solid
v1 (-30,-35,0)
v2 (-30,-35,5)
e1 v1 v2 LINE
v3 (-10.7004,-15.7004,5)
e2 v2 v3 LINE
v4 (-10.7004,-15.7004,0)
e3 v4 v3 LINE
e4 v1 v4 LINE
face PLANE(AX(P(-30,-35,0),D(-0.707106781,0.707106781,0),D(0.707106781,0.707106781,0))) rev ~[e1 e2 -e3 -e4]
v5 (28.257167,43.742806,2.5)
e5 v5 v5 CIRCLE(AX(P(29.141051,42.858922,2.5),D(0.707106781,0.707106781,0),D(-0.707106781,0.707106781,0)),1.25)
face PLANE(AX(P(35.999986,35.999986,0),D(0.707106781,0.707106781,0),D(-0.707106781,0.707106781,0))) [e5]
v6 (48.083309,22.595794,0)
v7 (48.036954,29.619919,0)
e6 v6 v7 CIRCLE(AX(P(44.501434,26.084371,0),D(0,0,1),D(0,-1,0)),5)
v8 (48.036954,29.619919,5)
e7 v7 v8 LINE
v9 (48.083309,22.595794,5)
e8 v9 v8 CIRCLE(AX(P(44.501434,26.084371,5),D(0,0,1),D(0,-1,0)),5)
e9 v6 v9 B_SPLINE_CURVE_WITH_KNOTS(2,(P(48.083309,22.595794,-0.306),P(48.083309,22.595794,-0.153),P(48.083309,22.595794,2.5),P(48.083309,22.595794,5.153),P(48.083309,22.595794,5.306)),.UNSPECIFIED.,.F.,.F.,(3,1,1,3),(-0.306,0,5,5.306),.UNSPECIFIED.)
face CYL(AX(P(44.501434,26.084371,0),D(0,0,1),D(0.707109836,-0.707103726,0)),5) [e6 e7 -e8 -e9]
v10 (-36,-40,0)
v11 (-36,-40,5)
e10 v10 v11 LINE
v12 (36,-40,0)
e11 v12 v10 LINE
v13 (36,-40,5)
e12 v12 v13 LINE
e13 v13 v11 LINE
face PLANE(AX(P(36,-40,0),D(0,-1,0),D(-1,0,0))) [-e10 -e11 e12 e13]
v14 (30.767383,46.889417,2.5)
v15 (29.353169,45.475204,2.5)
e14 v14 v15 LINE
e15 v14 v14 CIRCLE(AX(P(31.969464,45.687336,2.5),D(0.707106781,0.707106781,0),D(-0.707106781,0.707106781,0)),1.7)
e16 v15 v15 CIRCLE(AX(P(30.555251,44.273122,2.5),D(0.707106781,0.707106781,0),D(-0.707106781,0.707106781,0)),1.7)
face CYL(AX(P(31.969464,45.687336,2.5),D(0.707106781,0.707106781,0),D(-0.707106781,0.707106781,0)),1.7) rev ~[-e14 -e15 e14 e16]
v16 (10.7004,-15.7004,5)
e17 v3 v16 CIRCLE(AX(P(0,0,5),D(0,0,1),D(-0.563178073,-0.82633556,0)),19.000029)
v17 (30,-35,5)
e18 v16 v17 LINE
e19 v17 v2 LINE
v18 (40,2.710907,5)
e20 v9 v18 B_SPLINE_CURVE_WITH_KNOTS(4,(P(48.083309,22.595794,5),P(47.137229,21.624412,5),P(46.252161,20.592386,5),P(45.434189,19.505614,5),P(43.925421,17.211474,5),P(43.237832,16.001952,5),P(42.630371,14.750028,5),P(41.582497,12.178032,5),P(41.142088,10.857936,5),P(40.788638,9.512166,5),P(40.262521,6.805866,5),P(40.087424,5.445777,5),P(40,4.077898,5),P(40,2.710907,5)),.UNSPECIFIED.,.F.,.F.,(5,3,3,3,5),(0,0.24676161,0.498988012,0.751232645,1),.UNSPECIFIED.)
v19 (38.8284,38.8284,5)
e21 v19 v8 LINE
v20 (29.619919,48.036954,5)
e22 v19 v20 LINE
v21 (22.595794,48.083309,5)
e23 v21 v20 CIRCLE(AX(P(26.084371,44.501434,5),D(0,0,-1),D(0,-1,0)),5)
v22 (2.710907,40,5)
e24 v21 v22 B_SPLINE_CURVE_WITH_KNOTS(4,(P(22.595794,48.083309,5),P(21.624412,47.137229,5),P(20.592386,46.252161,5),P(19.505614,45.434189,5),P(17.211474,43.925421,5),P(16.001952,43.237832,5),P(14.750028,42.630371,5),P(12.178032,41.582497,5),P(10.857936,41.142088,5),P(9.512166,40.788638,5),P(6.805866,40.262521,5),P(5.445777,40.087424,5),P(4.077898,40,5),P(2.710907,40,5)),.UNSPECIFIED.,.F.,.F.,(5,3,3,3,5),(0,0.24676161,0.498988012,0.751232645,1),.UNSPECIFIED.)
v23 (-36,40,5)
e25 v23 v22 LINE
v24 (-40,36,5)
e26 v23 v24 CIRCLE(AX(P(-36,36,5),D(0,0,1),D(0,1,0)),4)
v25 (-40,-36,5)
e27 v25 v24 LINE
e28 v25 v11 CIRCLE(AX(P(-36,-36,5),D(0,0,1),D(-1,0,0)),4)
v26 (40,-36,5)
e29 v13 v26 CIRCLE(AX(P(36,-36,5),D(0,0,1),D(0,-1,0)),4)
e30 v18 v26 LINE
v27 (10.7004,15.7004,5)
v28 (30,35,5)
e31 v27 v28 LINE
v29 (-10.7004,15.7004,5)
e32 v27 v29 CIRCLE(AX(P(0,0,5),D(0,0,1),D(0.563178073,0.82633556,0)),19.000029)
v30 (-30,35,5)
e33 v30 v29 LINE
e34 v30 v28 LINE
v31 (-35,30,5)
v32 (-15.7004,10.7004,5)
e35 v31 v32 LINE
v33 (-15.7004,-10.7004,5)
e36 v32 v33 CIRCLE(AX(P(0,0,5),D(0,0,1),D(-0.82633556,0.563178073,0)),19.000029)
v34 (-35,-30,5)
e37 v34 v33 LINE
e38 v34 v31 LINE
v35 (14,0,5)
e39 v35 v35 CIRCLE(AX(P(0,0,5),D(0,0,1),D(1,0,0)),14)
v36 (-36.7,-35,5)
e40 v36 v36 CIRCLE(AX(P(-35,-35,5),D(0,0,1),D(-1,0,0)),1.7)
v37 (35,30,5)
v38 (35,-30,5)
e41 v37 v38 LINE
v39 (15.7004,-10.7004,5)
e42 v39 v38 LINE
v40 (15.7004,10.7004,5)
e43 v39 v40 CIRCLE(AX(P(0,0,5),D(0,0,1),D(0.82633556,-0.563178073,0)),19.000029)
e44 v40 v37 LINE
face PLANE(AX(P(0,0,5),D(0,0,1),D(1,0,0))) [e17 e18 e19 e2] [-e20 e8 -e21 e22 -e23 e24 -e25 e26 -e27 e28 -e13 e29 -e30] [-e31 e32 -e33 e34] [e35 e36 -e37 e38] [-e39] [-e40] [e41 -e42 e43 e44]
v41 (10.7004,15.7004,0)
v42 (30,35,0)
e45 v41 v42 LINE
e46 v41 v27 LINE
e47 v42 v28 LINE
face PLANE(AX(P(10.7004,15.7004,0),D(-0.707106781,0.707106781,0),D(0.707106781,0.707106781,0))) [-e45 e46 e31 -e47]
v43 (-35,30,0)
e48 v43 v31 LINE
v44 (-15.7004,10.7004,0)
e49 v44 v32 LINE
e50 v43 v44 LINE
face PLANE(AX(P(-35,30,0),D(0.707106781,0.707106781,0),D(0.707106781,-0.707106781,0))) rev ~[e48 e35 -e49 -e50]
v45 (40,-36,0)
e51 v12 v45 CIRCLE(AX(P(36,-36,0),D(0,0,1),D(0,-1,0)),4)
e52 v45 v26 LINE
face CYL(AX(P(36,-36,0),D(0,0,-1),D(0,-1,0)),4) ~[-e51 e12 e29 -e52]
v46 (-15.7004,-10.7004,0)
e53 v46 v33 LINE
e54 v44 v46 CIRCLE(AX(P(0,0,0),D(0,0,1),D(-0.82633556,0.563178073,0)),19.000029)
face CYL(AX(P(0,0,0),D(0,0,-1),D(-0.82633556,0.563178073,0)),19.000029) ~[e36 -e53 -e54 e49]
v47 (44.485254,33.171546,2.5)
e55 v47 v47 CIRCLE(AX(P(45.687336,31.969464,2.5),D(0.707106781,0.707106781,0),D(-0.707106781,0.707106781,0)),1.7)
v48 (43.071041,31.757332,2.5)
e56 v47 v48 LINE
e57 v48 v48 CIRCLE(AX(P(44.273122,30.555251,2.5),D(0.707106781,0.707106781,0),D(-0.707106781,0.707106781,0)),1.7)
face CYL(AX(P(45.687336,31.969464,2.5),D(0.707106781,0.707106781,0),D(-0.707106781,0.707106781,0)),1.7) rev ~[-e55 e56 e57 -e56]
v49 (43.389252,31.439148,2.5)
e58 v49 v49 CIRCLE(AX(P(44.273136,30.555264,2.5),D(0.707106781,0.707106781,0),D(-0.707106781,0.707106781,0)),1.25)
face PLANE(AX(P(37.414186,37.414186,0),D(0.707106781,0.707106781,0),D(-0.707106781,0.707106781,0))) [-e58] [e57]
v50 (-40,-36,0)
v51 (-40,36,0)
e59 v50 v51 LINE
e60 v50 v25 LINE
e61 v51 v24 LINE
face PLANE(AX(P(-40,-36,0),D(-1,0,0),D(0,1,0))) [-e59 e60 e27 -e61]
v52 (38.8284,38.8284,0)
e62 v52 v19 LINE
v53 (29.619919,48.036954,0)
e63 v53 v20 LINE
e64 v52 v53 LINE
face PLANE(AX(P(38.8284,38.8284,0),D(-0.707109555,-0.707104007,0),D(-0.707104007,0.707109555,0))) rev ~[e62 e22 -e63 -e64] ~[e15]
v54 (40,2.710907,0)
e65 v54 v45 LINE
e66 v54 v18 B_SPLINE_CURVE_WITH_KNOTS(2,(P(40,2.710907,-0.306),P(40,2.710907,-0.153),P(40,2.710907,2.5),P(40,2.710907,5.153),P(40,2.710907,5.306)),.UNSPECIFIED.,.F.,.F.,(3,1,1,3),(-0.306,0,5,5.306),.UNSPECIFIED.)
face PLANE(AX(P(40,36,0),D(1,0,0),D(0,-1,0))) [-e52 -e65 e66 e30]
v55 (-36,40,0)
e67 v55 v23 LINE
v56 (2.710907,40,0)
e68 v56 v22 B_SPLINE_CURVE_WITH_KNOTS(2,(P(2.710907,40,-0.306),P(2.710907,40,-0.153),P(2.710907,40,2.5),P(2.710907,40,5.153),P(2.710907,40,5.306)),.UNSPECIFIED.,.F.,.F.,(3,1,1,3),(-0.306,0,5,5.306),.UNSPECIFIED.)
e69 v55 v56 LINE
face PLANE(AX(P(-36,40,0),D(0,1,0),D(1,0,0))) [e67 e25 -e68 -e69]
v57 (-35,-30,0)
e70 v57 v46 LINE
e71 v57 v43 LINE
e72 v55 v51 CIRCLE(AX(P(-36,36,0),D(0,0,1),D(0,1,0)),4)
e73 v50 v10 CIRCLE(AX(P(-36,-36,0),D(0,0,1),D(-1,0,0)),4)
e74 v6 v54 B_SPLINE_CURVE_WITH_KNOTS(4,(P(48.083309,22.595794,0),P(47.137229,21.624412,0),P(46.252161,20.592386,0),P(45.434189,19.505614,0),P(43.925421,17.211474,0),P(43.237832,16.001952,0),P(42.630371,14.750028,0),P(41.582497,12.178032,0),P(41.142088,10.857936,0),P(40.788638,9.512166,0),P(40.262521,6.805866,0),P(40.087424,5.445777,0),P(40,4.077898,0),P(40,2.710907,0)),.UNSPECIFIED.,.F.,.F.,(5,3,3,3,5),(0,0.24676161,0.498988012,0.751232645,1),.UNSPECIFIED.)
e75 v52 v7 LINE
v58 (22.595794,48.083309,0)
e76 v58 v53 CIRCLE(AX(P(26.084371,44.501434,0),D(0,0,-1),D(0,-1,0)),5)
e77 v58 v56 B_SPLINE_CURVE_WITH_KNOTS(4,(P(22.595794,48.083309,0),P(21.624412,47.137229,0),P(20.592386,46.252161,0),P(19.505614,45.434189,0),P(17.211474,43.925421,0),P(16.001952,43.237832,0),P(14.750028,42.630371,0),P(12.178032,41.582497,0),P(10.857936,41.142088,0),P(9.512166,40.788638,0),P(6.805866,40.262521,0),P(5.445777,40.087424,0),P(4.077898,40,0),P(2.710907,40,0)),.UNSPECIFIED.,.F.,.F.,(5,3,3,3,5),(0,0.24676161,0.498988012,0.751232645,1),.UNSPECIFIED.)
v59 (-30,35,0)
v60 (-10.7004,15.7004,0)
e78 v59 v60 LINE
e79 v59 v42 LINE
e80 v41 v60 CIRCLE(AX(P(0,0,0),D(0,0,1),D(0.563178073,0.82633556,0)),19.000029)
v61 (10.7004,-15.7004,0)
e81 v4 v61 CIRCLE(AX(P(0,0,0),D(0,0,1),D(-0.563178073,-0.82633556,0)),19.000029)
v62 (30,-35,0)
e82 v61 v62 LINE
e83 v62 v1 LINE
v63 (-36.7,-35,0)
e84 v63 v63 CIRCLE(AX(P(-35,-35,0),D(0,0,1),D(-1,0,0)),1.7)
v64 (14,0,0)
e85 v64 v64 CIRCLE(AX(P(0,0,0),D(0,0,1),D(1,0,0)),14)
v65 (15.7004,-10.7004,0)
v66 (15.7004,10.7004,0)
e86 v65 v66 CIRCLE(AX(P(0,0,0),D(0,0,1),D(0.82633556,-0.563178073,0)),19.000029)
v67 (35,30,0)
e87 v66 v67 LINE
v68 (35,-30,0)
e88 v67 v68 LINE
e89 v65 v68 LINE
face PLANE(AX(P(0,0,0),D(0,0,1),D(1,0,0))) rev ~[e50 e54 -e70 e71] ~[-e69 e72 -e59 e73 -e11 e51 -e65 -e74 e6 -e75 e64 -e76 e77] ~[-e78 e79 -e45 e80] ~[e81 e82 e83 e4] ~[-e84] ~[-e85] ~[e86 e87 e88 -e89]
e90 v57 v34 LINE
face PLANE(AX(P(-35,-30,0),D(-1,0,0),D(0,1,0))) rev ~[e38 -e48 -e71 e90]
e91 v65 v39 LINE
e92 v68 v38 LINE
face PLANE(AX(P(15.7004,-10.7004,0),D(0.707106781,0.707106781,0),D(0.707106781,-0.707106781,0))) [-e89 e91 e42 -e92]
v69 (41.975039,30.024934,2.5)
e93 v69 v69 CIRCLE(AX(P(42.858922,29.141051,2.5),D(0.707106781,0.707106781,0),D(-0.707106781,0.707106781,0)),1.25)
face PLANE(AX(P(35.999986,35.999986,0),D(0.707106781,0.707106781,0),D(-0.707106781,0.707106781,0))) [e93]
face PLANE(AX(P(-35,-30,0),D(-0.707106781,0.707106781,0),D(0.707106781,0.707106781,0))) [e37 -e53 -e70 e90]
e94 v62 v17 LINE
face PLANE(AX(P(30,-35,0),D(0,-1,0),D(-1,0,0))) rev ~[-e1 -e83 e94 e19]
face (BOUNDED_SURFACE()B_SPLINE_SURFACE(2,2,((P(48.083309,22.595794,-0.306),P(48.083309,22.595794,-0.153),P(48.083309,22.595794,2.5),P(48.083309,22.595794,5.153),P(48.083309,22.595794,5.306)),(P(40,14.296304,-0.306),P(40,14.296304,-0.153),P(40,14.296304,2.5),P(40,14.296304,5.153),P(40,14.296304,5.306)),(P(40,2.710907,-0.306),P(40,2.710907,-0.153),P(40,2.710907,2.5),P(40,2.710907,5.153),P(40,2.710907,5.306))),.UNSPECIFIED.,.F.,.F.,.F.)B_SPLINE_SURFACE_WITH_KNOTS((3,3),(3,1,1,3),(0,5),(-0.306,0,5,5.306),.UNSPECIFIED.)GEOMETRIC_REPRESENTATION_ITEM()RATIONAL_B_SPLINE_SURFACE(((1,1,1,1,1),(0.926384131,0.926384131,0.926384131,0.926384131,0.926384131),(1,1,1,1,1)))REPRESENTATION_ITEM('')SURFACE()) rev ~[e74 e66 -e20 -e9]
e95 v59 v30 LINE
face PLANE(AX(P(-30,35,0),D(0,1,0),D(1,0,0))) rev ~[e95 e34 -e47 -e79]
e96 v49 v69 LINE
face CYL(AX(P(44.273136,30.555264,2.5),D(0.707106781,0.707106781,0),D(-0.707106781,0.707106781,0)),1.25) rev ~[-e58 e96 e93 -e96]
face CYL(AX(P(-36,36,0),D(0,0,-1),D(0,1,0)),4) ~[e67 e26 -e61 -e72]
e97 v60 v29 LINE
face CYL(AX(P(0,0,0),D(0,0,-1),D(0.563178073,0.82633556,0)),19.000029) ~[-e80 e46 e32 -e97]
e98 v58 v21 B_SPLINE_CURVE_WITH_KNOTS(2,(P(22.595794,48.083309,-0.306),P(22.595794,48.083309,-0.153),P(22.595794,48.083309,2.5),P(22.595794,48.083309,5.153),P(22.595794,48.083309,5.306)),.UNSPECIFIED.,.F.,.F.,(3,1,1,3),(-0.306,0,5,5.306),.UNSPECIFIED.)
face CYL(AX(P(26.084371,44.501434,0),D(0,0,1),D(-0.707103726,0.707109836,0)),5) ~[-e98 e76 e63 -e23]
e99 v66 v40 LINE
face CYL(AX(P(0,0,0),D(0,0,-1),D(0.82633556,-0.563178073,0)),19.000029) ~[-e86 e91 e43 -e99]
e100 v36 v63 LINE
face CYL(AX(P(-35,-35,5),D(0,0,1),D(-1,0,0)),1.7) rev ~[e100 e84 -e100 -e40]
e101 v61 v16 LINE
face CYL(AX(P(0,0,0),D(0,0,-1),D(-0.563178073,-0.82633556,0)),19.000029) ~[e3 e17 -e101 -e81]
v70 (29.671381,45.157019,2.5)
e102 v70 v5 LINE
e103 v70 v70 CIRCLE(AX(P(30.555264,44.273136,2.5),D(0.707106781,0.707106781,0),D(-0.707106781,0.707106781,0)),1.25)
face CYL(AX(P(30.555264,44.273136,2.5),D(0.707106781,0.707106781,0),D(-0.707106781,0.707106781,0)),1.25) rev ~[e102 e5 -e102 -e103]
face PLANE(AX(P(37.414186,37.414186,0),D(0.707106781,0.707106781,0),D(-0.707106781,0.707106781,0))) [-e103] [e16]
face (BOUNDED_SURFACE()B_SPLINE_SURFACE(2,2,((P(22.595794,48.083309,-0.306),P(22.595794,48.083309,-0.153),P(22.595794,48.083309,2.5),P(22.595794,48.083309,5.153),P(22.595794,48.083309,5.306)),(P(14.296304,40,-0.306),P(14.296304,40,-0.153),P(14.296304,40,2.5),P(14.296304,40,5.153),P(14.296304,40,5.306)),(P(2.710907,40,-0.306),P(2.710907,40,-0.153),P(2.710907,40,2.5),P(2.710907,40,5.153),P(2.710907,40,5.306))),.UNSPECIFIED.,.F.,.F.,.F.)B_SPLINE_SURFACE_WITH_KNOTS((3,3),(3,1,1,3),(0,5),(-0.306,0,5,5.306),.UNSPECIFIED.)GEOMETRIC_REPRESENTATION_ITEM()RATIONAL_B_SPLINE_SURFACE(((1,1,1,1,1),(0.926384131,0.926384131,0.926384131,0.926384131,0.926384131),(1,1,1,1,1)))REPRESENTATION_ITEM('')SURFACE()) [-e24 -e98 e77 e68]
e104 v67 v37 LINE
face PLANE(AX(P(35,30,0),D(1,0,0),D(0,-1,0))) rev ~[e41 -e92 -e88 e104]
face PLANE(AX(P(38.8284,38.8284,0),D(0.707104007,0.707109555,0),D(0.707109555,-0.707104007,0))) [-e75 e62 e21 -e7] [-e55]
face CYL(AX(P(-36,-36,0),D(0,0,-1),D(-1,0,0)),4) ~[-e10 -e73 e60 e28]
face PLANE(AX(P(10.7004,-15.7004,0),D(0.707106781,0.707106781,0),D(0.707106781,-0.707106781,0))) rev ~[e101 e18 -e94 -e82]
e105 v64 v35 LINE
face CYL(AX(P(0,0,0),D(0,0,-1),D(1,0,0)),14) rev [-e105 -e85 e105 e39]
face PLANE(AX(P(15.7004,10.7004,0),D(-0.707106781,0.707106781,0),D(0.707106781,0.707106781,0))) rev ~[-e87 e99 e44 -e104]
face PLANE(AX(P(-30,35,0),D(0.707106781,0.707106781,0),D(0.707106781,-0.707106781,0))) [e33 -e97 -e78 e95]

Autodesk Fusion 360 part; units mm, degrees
sketch "스케치1" plane through (0, 0, 0) normal (0, 0, 1) x (1, 0, 0)
  line L0 (-36, 40) -> (36, 40)
  line L1 (40, 36) -> (40, -36)
  line L2 (36, -40) -> (-36, -40)
  line L3 (-40, -36) -> (-40, 36)
  line L4 (-30, 35) -> (30, 35)
  line L5 (35, 30) -> (35, -30)
  line L6 (30, -35) -> (-30, -35)
  line L7 (-35, -30) -> (-35, 30)
  arc A0 (-36, 40) -> (-40, 36) centre (-36, 36) ccw
  arc A1 (40, 36) -> (36, 40) centre (36, 36) ccw
  arc A2 (36, -40) -> (40, -36) centre (36, -36) ccw
  arc A3 (-40, -36) -> (-36, -40) centre (-36, -36) ccw
  arc A4 (-35, -30) -> (-30, -35) centre (-30, -30) ccw
  arc A5 (30, -35) -> (35, -30) centre (30, -30) ccw
  arc A6 (35, 30) -> (30, 35) centre (30, 30) ccw
  arc A7 (-30, 35) -> (-35, 30) centre (-30, 30) ccw
  line L8 (-35, -30) -> (-15.7004, -10.7004)
  line L9 (10.7004, 15.7004) -> (30, 35)
  line L10 (-30, -35) -> (-10.7004, -15.7004)
  line L11 (15.7004, 10.7004) -> (35, 30)
  line L12 (-35, 30) -> (-15.7004, 10.7004)
  line L13 (10.7004, -15.7004) -> (30, -35)
  line L14 (-30, 35) -> (-10.7004, 15.7004)
  line L15 (15.7004, -10.7004) -> (35, -30)
  circle A8 centre (0, 0) radius 14
  arc A9 (-10.7004, -15.7004) -> (10.7004, -15.7004) centre (0, 0) ccw
  arc A10 (15.7004, -10.7004) -> (15.7004, 10.7004) centre (0, 0) ccw
  arc A11 (10.7004, 15.7004) -> (-10.7004, 15.7004) centre (0, 0) ccw
  arc A12 (-15.7004, 10.7004) -> (-15.7004, -10.7004) centre (0, 0) ccw
  point P0 (-40, 40)
  point P1 (40, 40)
  point P2 (40, -40)
  point P3 (-35, 35)
  point P4 (35, -35)
  point P5 (-35, -35)
  dimension "d1" = 80
  dimension "d2" = 80
  dimension "d3" = 40
  dimension "d4" = 40
  dimension "d5" = 70
  dimension "d6" = 70
  dimension "d7" = 5
  dimension "d8" = 5
  dimension "d9" = 4
  dimension "d10" = 38
  dimension "d11" = 5
  dimension "d12" = 28
extrude "돌출1" add sketch "스케치1" along normal blind 5 contours L0 L1 L2 L3 A0 A1 A2 A3 | A4 A5 A6 A7 L8 L9 L10 L11 L12 L13 L14 L15 A9 A10 A11 A12
sketch "스케치2" plane through (0, 0, 5) normal (0, 0, 1) x (-1, 0, 0)
  circle A0 centre (35, 35) radius 1.7
  dimension "d15" = 3.4
extrude "돌출2" cut sketch "스케치2" against normal through all
sketch "스케치9" plane through (0, 0, 0) normal (0, 0, -1) x (1, 0, 0)
  line L0 (15.7004, -10.7004) -> (35, -30)
  arc A0 (36, -40) -> (40, -36) centre (36, -36) ccw construction
  line L1 (51.5725, -26.0844) -> (40, -14.5118) construction
  line L2 (40, -14.5118) -> (51.5725, -26.0844)
  line L3 (38.8284, -38.8284) -> (51.5725, -26.0844)
  line L4 (40, -14.5118) -> (38.8284, -38.8284)
  line L5 (38.8284, -38.8284) -> (26.0844, -51.5725)
  line L6 (14.5118, -40) -> (38.8284, -38.8284)
  line L7 (14.5118, -40) -> (26.0844, -51.5725)
  point P0 (-14.5118, 40)
  point P1 (-40, 14.5118)
extrude "돌출6" add sketch "스케치9" against normal blind 5
sketch "스케치10" plane through (38.8284, 38.8284, 0) normal (0.7071, 0.7071, 0) x (-0.7071, 0.7071, 0)
  circle A0 centre (-9.7, 2.5) radius 1.7
  line L0 (0, 0) -> (0, -7)
  circle A1 centre (9.7, 2.5) radius 1.7
  dimension "d46" = 3.4
  dimension "d47" = 9.7
extrude "돌출7" cut sketch "스케치10" against normal blind 2
sketch "스케치11" plane through (37.4142, 37.4142, 0) normal (0.7071, 0.7071, 0) x (-0.7071, 0.7071, 0)
  circle A0 centre (-9.7, 2.5) radius 1.25
  circle A1 centre (9.7, 2.5) radius 1.25
  point P0 (-9.7, 2.5)
  point P1 (9.7, 2.5)
  dimension "d50" = 2.5
  dimension "d51" = 2.5
extrude "돌출8" cut sketch "스케치11" against normal blind 2
fillet "모깎기1" radius 5 2 edges at (26.0844, 51.5725, 2.5) (51.5725, 26.0844, 2.5)
fillet "모깎기2" radius 28.5 2 edges at (40, 14.5118, 2.5) (14.5118, 40, 2.5)
